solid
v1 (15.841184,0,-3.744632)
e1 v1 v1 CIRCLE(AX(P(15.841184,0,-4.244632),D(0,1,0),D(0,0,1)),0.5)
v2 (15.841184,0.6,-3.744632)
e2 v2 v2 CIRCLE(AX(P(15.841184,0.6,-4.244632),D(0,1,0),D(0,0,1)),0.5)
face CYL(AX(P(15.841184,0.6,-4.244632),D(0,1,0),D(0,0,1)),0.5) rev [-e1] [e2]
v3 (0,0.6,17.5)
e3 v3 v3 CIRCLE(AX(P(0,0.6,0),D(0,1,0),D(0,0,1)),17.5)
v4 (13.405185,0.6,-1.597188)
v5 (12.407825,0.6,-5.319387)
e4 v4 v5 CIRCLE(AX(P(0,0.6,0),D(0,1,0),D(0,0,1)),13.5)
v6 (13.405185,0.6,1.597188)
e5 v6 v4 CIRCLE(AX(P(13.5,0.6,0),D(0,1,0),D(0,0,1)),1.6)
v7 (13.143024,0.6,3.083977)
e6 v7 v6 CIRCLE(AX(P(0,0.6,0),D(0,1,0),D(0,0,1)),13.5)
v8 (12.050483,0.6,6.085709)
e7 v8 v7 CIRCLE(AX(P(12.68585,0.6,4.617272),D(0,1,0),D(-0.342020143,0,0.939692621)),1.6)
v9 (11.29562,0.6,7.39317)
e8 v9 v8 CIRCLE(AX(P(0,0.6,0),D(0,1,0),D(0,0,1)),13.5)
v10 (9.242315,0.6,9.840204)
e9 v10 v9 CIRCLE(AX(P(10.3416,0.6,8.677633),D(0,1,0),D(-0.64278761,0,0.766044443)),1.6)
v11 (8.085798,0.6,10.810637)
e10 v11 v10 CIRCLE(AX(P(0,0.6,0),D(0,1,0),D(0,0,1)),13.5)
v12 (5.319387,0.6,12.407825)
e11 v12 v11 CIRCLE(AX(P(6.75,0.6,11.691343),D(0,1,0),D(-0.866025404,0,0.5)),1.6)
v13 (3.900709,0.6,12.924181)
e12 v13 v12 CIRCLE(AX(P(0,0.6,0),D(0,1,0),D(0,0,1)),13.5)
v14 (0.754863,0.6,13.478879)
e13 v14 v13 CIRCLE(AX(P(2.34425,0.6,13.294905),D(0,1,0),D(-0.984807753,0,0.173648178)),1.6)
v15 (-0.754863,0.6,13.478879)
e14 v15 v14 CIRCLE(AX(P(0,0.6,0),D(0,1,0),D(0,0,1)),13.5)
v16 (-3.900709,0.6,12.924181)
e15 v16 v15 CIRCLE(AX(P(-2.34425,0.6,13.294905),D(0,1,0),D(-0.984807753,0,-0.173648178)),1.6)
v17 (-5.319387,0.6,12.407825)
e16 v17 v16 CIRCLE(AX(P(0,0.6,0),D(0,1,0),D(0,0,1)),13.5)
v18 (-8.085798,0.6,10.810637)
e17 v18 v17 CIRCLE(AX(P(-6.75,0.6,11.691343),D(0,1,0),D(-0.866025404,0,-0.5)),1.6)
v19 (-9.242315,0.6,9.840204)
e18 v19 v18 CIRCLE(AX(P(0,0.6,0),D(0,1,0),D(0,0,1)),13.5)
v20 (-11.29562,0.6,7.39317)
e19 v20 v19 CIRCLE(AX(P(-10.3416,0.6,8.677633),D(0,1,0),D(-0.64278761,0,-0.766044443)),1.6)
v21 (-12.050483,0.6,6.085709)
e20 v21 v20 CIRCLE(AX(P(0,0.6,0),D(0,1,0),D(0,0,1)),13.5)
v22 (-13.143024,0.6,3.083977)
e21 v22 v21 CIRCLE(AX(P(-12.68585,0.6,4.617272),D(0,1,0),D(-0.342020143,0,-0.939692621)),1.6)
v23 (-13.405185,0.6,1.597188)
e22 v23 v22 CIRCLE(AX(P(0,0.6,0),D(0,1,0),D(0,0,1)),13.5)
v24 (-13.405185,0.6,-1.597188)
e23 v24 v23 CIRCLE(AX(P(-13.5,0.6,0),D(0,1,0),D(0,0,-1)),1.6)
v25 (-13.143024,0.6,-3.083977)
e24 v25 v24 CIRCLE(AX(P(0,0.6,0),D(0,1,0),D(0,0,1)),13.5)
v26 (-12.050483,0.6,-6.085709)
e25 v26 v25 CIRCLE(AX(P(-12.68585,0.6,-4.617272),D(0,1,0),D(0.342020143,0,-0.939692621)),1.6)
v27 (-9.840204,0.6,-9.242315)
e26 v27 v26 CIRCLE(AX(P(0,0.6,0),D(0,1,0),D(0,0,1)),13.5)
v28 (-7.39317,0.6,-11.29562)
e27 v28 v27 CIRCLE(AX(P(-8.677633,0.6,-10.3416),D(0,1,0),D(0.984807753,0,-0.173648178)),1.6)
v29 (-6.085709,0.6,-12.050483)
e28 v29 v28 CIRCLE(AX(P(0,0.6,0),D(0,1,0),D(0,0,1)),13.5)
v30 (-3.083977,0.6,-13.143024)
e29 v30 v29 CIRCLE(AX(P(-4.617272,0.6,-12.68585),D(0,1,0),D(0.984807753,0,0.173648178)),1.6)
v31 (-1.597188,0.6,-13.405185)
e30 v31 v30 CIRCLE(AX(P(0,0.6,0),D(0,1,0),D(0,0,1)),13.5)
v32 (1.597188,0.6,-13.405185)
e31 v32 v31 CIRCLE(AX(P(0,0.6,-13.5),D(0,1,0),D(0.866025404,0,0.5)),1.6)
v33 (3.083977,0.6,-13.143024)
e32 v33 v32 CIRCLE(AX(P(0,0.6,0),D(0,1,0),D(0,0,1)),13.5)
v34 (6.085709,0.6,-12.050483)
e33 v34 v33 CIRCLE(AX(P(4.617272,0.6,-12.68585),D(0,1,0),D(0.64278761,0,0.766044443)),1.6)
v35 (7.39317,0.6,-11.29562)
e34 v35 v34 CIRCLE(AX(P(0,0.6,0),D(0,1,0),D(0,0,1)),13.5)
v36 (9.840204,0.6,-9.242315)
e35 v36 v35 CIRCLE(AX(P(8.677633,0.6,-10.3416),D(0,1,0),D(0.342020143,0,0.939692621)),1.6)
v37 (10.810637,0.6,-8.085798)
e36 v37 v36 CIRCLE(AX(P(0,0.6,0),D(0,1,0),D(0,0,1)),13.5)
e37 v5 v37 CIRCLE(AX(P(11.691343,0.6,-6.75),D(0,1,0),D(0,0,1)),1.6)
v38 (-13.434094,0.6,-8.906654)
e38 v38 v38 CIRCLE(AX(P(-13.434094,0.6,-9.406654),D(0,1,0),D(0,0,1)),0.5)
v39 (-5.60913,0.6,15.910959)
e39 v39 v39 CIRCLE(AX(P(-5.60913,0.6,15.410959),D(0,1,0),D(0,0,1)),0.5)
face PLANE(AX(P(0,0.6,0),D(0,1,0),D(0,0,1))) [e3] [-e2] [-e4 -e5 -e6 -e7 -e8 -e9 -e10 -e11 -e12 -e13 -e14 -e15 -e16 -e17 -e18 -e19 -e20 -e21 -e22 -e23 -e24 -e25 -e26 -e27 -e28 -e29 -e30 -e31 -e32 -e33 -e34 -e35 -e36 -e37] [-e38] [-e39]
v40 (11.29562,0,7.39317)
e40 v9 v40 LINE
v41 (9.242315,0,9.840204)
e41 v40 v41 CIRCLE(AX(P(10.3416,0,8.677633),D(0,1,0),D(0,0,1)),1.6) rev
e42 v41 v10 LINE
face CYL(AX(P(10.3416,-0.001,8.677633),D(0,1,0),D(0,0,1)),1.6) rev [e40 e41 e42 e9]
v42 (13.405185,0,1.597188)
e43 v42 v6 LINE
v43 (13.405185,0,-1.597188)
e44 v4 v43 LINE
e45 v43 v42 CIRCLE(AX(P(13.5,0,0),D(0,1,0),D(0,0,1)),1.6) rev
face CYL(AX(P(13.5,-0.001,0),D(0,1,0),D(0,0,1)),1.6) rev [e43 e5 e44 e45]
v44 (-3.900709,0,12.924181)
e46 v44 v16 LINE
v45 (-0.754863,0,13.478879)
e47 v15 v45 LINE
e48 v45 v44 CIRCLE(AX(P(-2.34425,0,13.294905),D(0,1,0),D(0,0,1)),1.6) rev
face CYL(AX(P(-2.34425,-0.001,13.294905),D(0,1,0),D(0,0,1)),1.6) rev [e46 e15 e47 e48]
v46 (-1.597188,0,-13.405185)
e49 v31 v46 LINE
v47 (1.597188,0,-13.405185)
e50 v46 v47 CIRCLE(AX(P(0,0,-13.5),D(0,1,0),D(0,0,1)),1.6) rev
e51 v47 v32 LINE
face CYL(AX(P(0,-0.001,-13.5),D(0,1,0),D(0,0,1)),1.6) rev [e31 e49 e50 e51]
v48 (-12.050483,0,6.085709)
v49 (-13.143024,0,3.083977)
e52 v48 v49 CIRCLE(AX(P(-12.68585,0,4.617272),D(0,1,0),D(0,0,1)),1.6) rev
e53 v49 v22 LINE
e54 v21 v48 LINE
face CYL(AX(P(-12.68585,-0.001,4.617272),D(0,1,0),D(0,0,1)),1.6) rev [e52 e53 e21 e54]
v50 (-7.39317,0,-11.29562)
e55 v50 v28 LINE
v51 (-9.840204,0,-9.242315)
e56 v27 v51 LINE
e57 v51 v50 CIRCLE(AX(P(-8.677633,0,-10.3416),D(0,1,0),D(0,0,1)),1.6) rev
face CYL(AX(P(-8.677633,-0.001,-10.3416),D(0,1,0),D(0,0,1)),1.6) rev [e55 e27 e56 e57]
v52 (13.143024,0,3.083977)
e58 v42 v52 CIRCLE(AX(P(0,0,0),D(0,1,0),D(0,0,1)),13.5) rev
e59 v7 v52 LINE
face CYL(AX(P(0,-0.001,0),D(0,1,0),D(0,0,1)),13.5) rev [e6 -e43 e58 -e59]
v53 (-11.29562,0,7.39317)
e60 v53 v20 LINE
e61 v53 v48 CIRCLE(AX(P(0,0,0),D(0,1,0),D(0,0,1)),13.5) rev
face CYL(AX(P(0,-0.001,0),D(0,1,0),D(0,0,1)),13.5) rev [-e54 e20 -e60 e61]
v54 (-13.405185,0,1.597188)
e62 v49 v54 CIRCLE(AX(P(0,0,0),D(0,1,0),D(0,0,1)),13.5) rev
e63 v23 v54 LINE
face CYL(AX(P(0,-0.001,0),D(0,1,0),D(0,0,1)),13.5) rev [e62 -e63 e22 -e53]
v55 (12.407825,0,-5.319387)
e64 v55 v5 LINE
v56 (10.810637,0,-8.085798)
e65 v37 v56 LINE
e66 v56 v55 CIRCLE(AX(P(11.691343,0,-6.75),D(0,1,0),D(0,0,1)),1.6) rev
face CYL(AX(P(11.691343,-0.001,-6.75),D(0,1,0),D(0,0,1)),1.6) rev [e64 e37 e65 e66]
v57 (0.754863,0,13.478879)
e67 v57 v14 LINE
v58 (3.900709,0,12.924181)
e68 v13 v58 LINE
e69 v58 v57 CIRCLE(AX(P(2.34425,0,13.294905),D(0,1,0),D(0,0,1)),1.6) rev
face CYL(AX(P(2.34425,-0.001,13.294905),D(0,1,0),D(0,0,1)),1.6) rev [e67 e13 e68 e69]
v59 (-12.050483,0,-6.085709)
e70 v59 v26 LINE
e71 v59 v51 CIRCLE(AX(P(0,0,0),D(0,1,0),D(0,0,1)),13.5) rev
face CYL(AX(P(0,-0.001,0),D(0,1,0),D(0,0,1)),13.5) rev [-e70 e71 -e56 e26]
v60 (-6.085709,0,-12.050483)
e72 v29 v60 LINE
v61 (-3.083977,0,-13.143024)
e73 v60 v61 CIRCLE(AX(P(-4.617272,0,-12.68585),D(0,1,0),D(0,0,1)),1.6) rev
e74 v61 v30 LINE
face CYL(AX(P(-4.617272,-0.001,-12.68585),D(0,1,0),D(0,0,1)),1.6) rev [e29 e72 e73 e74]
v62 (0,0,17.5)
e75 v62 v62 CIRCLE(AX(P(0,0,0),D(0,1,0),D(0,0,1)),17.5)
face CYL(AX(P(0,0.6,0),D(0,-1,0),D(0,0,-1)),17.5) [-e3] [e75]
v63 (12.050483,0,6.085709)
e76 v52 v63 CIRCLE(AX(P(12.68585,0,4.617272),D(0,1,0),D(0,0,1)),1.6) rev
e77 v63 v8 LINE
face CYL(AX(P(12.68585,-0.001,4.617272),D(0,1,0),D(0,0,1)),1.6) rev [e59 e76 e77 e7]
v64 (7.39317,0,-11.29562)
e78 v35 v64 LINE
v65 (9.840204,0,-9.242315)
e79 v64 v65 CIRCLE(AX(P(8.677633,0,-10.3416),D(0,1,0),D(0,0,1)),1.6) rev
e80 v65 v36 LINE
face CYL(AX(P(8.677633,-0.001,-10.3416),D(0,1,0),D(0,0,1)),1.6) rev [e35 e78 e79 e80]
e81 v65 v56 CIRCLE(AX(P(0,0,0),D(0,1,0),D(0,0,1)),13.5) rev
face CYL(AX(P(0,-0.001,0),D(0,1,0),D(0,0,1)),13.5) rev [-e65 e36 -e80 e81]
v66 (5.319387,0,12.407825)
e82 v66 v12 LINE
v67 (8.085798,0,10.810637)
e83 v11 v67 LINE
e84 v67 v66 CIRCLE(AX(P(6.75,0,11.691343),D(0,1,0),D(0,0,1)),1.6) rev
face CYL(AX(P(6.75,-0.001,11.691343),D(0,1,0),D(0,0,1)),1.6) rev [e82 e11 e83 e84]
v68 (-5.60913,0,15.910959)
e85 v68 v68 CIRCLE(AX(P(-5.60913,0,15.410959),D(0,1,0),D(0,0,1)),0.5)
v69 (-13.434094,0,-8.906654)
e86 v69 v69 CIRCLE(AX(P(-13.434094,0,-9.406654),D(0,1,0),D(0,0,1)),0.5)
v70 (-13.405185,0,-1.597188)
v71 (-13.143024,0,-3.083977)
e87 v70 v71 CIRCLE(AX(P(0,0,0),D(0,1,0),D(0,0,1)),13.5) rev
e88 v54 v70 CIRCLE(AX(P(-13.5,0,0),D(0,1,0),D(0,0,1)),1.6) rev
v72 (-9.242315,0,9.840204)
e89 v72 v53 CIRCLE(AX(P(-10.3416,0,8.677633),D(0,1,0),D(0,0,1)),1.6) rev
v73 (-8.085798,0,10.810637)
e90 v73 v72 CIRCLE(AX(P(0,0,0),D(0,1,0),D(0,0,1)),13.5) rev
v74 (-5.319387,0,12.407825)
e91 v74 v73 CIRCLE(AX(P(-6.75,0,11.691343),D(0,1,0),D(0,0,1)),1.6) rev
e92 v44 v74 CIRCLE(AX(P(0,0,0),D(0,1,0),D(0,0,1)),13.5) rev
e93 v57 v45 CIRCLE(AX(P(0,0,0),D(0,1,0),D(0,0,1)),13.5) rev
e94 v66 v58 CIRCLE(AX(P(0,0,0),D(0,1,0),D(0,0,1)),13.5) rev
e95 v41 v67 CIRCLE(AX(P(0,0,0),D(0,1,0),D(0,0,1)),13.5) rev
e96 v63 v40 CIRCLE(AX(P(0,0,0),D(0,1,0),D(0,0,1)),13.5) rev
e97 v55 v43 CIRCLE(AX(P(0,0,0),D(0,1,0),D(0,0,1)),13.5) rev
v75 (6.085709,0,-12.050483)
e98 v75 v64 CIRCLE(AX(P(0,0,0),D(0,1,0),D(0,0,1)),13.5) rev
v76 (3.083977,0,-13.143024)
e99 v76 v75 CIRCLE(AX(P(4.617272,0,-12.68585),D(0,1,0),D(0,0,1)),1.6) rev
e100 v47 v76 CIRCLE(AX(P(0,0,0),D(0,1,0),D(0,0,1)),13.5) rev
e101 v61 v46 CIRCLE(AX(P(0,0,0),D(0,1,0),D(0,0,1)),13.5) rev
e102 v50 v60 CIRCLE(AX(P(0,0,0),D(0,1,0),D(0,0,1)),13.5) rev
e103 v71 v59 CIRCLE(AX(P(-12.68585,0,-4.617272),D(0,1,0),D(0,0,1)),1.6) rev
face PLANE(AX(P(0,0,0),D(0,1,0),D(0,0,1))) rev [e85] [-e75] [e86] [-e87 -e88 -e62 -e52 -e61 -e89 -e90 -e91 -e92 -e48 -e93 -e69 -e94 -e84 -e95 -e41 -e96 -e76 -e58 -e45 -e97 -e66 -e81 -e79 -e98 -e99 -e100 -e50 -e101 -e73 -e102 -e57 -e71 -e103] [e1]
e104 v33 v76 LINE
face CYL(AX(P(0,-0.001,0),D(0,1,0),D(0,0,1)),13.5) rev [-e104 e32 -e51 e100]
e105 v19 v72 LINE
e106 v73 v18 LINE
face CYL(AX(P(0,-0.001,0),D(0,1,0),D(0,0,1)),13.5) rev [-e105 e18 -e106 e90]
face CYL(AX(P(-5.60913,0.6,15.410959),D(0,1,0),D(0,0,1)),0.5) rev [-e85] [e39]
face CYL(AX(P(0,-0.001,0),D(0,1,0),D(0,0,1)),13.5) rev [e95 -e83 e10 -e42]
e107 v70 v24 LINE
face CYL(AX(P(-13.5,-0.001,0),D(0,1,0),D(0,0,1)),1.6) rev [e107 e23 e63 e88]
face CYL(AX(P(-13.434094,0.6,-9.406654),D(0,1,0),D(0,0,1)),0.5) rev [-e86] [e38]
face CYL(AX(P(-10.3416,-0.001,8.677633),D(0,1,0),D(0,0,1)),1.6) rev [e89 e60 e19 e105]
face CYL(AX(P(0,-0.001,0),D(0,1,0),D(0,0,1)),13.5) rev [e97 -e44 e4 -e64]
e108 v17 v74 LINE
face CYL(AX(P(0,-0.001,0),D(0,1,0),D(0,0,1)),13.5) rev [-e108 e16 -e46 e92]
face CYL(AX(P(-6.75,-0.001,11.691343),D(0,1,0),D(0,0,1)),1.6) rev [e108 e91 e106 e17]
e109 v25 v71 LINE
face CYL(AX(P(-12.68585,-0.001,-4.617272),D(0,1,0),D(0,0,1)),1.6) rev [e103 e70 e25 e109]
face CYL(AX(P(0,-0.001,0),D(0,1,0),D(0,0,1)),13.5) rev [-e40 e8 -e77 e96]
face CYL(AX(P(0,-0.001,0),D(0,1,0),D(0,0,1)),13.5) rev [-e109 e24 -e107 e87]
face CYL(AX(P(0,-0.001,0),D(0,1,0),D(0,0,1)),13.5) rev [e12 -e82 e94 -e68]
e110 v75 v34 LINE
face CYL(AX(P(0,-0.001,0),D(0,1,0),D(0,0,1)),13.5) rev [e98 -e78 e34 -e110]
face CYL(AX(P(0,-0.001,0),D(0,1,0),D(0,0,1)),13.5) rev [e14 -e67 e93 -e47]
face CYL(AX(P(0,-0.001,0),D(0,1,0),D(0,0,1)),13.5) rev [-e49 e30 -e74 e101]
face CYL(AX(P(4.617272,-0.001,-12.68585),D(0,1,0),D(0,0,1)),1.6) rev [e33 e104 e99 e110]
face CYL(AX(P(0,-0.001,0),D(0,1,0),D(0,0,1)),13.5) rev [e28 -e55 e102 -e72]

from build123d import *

# Parameters (mm, degrees)
SKETCH1_R                = 17.5
BOSS_EXTRUDE1_DEPTH      = 0.6
CUT_EXTRUDE1_REACH       = 26.756
SKETCH2_R                = 13.5
CUT_EXTRUDE2_REACH       = 26.756
SKETCH3_R                = 1.6
CIRPATTERN1_COUNT        = 6
CIRPATTERN1_ANGLE        = 100
CUT_EXTRUDE3_REACH       = 26.756
SKETCH4_R                = 1.6
CIRPATTERN2_COUNT        = 11
CIRPATTERN2_ANGLE        = 200
F_1_0_1_DIAMETER_HOLE1_D = 1


with BuildPart() as part:
    # Sketch1 → Boss-Extrude1 (new body)
    with BuildSketch(Plane(origin=(0, 0, 0), x_dir=(1, 0, 0), z_dir=(0, 1, 0))):
        with Locations(Location((0, 0, 0), (0, 0, 270))):
            Circle(SKETCH1_R)
    extrude(amount=BOSS_EXTRUDE1_DEPTH)

    # Sketch2 → Cut-Extrude1 (cut, up to next)
    with BuildSketch(Plane(origin=(0, 0.6, 0), x_dir=(1, 0, 0), z_dir=(0, 1, 0)), mode=Mode.PRIVATE) as cut_extrude1_sk1:
        with Locations(Location((0, 0, 0), (0, 0, 270))):
            Circle(SKETCH2_R)
    cut_extrude1_tool1 = extrude(cut_extrude1_sk1.sketch, amount=-CUT_EXTRUDE1_REACH, mode=Mode.PRIVATE) & part.part
    add(cut_extrude1_tool1.solids().sort_by_distance((0, 0.6, 0))[0], mode=Mode.SUBTRACT)

    # Sketch3 → Cut-Extrude2 (cut, up to next)
    with BuildSketch(Plane(origin=(0, 0.6, 0), x_dir=(1, 0, 0), z_dir=(0, 1, 0)), mode=Mode.PRIVATE) as cut_extrude2_sk1:
        with Locations((11.691342951, 6.75)):
            Circle(SKETCH3_R)
    cut_extrude2_tool1 = extrude(cut_extrude2_sk1.sketch, amount=-CUT_EXTRUDE2_REACH, mode=Mode.PRIVATE) & part.part
    cut_extrude2 = cut_extrude2_tool1.solids().sort_by_distance((11.691343, 0.6, -6.75))[0]
    add(cut_extrude2, mode=Mode.SUBTRACT)

    # CirPattern1: Cut-Extrude2 ×6 about axis
    cirpattern1_axis = Axis((0, 0, 0), (0, 1, 0))
    for i in range(1, CIRPATTERN1_COUNT):
        add(cut_extrude2.rotate(cirpattern1_axis, i * CIRPATTERN1_ANGLE / (CIRPATTERN1_COUNT - 1)), mode=Mode.SUBTRACT)

    # Sketch4 → Cut-Extrude3 (cut, up to next)
    with BuildSketch(Plane(origin=(0, 0.6, 0), x_dir=(1, 0, 0), z_dir=(0, 1, 0)), mode=Mode.PRIVATE) as cut_extrude3_sk1:
        with Locations((13.5, 0)):
            Circle(SKETCH4_R)
    cut_extrude3_tool1 = extrude(cut_extrude3_sk1.sketch, amount=-CUT_EXTRUDE3_REACH, mode=Mode.PRIVATE) & part.part
    cut_extrude3 = cut_extrude3_tool1.solids().sort_by_distance((13.5, 0.6, 0))[0]
    add(cut_extrude3, mode=Mode.SUBTRACT)

    # CirPattern2: Cut-Extrude3 ×11 about axis
    cirpattern2_axis = Axis((0, 0, 0), (0, -1, 0))
    for i in range(1, CIRPATTERN2_COUNT):
        add(cut_extrude3.rotate(cirpattern2_axis, i * CIRPATTERN2_ANGLE / (CIRPATTERN2_COUNT - 1)), mode=Mode.SUBTRACT)

    # Ø1.0 (1) Diameter Hole1 (through all)
    with Locations(Plane(origin=(0, 0.6, 0), x_dir=(1, 0, 0), z_dir=(0, 1, 0))):
        with Locations((15.841183551, 4.24463234), (-13.434093526, 9.406653556), (-5.609130351, -15.410958981)):
            Hole(F_1_0_1_DIAMETER_HOLE1_D / 2)


solid = part.part
